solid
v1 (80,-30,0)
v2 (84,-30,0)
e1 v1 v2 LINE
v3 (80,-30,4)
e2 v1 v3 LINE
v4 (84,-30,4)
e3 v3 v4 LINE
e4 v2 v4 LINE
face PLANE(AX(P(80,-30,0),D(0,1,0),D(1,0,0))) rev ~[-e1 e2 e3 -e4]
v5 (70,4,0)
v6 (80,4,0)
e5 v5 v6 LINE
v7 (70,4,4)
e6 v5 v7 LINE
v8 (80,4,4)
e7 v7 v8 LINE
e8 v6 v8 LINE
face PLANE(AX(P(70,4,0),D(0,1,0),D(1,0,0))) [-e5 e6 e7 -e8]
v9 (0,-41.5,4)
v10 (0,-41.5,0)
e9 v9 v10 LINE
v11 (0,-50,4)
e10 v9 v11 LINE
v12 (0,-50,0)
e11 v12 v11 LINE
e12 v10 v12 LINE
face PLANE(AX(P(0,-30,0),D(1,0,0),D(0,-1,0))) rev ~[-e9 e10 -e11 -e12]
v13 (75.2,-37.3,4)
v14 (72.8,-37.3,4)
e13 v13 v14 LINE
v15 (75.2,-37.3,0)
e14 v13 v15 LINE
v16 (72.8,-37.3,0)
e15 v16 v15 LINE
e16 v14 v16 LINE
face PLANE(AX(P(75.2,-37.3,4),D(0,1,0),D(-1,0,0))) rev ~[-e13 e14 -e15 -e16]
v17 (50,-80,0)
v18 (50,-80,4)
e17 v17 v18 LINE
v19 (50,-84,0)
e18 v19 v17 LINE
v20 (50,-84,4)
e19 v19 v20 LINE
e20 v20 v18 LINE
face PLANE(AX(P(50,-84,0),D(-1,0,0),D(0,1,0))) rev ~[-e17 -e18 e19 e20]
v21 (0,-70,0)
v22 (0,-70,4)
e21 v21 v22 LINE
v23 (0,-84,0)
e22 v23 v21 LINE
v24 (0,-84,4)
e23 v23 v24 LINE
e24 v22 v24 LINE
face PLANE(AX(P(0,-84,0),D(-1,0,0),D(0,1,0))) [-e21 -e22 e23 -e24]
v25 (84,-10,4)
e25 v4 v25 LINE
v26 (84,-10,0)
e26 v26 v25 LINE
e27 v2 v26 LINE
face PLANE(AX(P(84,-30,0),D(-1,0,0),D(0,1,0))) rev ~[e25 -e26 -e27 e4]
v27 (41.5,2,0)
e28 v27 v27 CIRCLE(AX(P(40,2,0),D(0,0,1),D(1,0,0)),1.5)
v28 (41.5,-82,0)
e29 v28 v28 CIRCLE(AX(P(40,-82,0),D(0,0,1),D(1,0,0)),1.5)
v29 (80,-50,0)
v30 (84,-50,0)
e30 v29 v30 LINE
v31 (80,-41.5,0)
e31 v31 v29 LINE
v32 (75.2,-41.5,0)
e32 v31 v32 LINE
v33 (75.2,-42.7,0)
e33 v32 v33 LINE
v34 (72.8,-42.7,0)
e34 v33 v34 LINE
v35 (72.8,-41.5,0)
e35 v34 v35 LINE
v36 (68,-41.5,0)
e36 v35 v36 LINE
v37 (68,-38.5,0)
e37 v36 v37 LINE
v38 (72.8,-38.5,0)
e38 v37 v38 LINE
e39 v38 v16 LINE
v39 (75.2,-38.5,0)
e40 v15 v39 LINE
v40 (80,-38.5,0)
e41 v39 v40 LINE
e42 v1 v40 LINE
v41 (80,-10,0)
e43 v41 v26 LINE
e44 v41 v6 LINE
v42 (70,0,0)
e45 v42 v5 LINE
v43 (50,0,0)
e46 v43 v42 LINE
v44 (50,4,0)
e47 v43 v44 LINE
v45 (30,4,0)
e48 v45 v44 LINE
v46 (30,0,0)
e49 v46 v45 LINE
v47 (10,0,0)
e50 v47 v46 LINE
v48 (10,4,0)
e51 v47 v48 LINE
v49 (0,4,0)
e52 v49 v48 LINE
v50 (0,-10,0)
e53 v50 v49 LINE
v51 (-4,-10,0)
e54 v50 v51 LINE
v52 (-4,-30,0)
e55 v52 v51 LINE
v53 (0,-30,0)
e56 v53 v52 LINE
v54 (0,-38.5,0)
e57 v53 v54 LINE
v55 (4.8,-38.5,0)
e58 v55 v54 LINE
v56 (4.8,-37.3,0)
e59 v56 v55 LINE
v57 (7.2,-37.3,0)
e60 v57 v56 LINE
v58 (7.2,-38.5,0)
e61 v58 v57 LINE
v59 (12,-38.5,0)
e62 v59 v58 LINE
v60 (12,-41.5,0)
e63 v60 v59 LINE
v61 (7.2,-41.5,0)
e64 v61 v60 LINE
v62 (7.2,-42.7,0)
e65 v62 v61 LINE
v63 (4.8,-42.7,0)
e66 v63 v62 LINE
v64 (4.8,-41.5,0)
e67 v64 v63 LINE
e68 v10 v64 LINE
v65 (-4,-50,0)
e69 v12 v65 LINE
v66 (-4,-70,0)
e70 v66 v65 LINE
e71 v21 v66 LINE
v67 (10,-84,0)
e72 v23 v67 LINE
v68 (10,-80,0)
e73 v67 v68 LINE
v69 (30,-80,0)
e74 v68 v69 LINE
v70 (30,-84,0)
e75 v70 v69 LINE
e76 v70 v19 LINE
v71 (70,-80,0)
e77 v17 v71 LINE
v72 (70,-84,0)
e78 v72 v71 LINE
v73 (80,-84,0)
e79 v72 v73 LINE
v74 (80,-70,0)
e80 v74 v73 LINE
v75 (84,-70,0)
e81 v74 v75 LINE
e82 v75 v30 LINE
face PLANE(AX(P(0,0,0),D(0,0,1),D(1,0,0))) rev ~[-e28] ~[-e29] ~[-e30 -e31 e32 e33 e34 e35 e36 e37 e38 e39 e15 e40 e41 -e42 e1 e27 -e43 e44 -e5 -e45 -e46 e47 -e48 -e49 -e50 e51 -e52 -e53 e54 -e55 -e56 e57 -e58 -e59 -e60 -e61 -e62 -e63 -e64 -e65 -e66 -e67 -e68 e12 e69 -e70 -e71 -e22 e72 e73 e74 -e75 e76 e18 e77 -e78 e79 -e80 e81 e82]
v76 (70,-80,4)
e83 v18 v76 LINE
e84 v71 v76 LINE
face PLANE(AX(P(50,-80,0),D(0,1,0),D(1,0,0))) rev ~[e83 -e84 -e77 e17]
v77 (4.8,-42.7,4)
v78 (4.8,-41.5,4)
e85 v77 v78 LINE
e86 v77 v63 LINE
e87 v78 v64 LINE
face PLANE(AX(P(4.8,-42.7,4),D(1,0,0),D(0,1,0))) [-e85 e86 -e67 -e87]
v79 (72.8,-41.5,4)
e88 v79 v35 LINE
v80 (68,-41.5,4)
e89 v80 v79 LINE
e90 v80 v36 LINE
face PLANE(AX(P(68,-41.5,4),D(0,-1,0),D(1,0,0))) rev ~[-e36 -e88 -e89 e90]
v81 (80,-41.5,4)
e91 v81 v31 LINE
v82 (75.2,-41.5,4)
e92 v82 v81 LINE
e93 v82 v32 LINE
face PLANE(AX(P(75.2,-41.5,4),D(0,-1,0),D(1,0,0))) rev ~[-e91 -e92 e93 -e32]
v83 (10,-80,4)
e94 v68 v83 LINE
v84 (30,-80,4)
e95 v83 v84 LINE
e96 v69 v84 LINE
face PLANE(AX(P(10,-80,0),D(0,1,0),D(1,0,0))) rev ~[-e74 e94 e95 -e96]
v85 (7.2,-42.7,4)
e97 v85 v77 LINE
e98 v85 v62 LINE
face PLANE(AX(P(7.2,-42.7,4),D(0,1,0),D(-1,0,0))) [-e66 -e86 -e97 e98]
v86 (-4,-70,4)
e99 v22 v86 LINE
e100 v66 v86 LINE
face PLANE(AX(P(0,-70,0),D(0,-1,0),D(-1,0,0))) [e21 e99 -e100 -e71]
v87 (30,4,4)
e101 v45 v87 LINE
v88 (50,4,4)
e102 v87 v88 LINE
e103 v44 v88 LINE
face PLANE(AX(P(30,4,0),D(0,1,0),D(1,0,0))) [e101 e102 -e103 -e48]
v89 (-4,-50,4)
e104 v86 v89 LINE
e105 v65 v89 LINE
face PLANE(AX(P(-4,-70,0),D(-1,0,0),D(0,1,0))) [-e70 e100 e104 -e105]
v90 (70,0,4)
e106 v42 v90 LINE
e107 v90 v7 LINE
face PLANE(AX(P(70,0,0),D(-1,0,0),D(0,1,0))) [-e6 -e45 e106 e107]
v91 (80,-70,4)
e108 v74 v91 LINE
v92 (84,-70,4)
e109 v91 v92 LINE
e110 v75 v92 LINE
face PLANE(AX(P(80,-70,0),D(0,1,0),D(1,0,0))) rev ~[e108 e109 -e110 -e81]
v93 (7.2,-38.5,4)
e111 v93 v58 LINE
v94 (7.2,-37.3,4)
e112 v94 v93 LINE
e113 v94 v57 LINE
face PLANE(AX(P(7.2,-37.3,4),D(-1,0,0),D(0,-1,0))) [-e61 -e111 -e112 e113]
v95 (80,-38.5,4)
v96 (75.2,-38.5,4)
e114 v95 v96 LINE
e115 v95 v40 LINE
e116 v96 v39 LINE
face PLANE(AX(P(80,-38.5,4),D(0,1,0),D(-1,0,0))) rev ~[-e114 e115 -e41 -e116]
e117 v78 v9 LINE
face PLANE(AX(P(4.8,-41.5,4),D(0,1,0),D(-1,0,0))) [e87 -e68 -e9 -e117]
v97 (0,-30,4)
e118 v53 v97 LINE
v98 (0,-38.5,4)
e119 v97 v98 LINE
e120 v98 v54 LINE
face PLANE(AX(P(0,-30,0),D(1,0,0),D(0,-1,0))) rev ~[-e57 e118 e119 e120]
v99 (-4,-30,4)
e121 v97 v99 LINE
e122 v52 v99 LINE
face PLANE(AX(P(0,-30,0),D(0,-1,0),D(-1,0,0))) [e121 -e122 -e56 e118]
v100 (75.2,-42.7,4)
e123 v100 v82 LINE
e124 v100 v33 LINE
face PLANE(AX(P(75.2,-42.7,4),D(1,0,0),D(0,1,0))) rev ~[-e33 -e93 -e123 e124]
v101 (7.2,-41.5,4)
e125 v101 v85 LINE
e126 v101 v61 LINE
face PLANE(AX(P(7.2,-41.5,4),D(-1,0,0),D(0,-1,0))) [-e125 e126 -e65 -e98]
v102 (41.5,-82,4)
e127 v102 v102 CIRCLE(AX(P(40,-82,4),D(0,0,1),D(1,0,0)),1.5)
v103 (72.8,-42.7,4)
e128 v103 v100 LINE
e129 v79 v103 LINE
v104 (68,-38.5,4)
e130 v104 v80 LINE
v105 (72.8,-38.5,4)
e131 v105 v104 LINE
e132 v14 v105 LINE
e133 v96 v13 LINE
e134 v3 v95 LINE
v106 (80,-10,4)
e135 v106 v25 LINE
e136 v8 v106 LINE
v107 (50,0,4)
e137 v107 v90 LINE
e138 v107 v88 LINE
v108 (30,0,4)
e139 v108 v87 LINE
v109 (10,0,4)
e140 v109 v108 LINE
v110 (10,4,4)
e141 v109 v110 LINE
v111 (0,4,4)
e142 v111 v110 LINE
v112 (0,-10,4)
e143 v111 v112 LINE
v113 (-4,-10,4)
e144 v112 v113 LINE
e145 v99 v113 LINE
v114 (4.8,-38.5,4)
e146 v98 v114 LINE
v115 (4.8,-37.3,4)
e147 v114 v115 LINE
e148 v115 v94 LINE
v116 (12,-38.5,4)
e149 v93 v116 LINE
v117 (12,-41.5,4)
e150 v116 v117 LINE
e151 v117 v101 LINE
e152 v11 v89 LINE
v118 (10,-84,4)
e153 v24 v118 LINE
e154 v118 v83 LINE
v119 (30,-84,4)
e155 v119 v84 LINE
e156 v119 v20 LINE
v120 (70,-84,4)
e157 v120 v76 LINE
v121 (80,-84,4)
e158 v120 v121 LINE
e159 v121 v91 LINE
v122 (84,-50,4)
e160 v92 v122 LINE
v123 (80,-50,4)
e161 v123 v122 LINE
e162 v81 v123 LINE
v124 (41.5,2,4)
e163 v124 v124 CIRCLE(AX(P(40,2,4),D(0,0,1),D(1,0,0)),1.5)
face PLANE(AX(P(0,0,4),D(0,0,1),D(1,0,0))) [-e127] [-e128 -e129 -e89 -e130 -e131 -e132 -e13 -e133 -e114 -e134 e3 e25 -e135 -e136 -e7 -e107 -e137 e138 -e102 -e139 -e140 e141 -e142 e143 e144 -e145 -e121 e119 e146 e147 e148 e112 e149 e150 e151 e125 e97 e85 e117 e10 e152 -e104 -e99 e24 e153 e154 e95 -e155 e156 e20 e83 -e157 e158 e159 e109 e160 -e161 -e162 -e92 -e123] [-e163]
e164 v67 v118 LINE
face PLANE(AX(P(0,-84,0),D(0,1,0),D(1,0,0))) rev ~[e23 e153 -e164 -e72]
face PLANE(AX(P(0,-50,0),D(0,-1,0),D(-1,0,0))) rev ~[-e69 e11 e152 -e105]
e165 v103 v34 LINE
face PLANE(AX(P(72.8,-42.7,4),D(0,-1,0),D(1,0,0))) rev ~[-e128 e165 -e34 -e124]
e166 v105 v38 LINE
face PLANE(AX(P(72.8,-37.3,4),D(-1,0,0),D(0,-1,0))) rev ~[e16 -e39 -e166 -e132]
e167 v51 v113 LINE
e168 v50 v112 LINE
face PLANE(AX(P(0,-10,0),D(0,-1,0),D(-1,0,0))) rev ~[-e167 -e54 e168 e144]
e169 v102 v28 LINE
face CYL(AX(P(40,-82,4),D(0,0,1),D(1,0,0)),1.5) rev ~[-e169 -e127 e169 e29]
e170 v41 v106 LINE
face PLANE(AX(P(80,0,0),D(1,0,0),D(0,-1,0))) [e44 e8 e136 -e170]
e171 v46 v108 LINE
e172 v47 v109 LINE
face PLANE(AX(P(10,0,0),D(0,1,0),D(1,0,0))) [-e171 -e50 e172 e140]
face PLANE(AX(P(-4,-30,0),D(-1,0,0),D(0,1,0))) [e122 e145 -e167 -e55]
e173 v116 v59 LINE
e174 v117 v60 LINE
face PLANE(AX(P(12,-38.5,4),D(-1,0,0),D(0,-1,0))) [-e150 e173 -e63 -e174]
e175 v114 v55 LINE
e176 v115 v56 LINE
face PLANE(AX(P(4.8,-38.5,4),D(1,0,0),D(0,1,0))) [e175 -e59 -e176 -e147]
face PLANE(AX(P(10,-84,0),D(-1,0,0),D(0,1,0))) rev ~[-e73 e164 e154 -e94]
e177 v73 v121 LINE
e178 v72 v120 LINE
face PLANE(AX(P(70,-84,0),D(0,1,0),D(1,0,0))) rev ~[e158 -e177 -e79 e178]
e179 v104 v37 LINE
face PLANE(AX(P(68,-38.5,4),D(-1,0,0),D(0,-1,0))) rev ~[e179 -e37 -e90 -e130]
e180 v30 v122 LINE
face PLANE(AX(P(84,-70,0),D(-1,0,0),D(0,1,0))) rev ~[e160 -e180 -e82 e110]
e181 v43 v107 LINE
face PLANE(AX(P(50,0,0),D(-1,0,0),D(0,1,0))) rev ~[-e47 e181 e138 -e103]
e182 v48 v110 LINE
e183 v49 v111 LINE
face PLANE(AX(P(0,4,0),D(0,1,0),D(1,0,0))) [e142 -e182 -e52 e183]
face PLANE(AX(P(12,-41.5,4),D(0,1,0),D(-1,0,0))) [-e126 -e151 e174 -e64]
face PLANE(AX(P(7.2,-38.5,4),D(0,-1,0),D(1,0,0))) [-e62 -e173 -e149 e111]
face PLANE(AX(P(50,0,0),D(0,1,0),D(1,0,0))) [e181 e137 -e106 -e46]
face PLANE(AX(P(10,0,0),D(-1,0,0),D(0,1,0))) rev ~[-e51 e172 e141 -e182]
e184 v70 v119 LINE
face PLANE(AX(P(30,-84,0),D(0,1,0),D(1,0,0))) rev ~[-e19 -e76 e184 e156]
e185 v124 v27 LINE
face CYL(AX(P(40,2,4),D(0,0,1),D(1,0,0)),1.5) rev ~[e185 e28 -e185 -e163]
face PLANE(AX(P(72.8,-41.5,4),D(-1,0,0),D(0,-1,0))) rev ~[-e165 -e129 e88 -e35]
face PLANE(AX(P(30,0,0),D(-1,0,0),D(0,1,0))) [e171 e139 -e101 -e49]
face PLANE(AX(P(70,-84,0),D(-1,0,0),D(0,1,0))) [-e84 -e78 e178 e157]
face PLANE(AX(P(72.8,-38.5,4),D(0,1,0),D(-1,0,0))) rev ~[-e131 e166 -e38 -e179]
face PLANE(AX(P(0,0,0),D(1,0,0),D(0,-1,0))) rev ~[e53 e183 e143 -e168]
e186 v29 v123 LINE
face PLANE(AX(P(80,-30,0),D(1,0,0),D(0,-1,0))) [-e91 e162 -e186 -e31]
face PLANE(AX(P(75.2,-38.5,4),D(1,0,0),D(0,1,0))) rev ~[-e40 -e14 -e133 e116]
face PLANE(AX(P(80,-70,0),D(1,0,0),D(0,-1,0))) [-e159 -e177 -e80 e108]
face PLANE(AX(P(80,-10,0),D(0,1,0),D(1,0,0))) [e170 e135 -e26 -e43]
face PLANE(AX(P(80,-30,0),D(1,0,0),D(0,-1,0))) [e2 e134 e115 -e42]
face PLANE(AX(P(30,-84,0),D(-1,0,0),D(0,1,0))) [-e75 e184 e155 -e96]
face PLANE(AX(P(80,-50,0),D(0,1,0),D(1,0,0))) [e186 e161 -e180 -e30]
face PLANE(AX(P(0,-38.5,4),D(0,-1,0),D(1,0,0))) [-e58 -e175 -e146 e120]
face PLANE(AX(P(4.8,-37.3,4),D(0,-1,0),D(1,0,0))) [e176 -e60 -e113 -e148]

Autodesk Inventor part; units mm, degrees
ref_plane "YZ Plane" through (0, 0, 0) normal (1, 0, 0) x (0, 1, 0)
ref_plane "XZ Plane" through (0, 0, 0) normal (0, 1, 0) x (-1, 0, 0)
ref_plane "XY Plane" through (0, 0, 0) normal (0, 0, 1) x (1, 0, 0)
sketch "Sketch1" plane through (0, 0, 0) normal (0, 0, 1) x (1, 0, 0)
  line L0 (70, 0) -> (80, 0) construction
  line L1 (80, 0) -> (80, 4) projected
  line L2 (70, 4) -> (80, 4) projected
  line L3 (70, 0) -> (70, 4) projected
  line L4 (50, 0) -> (70, 0) projected
  line L5 (30, 0) -> (50, 0) construction
  line L6 (50, 0) -> (50, 4) projected
  line L7 (30, 4) -> (50, 4) projected
  line L8 (30, 0) -> (30, 4) projected
  line L9 (10, 0) -> (30, 0) construction
  line L10 (0, -30) -> (0, -10) construction
  line L11 (0, -10) -> (-4, -10) projected
  line L12 (-4, -30) -> (-4, -10) projected
  line L13 (0, -30) -> (-4, -30) projected
  line L14 (0, -70) -> (0, -50) construction
  line L15 (0, -50) -> (-4, -50) projected
  line L16 (-4, -70) -> (-4, -50) projected
  line L17 (0, -70) -> (-4, -70) projected
  line L18 (0, -84) -> (10, -84) projected
  line L19 (10, -84) -> (10, -80) projected
  line L20 (0, -80) -> (10, -80) construction
  line L21 (0, -84) -> (0, -80) projected
  line L22 (10, -80) -> (30, -80) projected
  line L23 (30, -84) -> (50, -84) projected
  line L24 (50, -84) -> (50, -80) projected
  line L25 (30, -80) -> (50, -80) construction
  line L26 (30, -84) -> (30, -80) projected
  line L27 (50, -80) -> (70, -80) projected
  line L28 (70, -84) -> (80, -84) projected
  line L29 (80, -84) -> (80, -80) projected
  line L30 (70, -80) -> (80, -80) construction
  line L31 (70, -84) -> (70, -80) projected
  line L32 (0, 0) -> (0, -10)
  line L33 (0, 0) -> (10, 0) construction
  line L34 (10, 0) -> (10, 4) projected
  line L35 (0, 4) -> (10, 4) projected
  line L36 (0, 0) -> (0, 4) projected
  line L37 (0, -30) -> (0, -50)
  line L38 (0, -70) -> (0, -80)
  line L39 (0, 0) -> (80, -80) construction
  line L40 (40, -40) -> (40, 0) construction
  line L41 (80, -10) -> (84, -10)
  line L42 (84, -30) -> (84, -10)
  line L43 (80, -30) -> (84, -30)
  line L44 (80, -50) -> (84, -50)
  line L45 (84, -70) -> (84, -50)
  line L46 (80, -70) -> (84, -70)
  line L47 (80, 0) -> (80, -10)
  line L48 (80, -30) -> (80, -50)
  line L49 (80, -70) -> (80, -80)
  line L50 (0, -10) -> (-4, -10)
  line L51 (-4, -10) -> (-4, -30)
  line L52 (-4, -30) -> (0, -30)
  line L53 (0, -50) -> (-4, -50)
  line L54 (-4, -50) -> (-4, -70)
  line L55 (0, -70) -> (-4, -70)
  line L56 (0, -80) -> (0, -84)
  line L57 (0, -84) -> (10, -84)
  line L58 (10, -84) -> (10, -80)
  line L59 (10, -80) -> (30, -80)
  line L60 (30, -80) -> (30, -84)
  line L61 (50, -84) -> (30, -84)
  line L62 (50, -80) -> (50, -84)
  line L63 (50, -80) -> (70, -80)
  line L64 (70, -84) -> (70, -80)
  line L65 (70, -84) -> (80, -84)
  line L66 (80, -84) -> (80, -80)
  line L67 (80, 0) -> (80, 4)
  line L68 (0, 0) -> (0, 4)
  line L69 (10, 4) -> (0, 4)
  line L70 (10, 4) -> (10, 0)
  line L71 (10, 0) -> (30, 0)
  line L72 (30, 4) -> (30, 0)
  line L73 (30, 4) -> (50, 4)
  line L74 (50, 0) -> (50, 4)
  line L75 (50, 0) -> (70, 0)
  line L76 (70, 0) -> (70, 4)
  line L77 (70, 4) -> (80, 4)
extrude "Extrusion1" add sketch "Sketch1" along normal blind 4
sketch "Sketch2" plane through (0, 0, 4) normal (0, 0, 1) x (1, 0, 0)
  line L0 (0, -10) -> (-4, -10) construction
  line L1 (-4, -10) -> (-4, -30) construction
  line L2 (-4, -30) -> (0, -30) construction
  line L3 (0, -30) -> (0, -50) construction
  line L4 (0, -50) -> (-4, -50) construction
  line L5 (-4, -50) -> (-4, -70) construction
  line L6 (-4, -70) -> (0, -70) construction
  line L7 (0, -70) -> (0, -84) construction
  line L8 (0, -84) -> (10, -84) construction
  line L9 (10, -84) -> (10, -80) construction
  line L10 (10, -80) -> (30, -80) construction
  line L11 (30, -80) -> (30, -84) construction
  line L12 (30, -84) -> (50, -84) construction
  line L13 (50, -84) -> (50, -80) construction
  line L14 (50, -80) -> (70, -80) construction
  line L15 (70, -80) -> (70, -84) construction
  line L16 (70, -84) -> (80, -84) construction
  line L17 (80, -84) -> (80, -70) construction
  line L18 (80, -70) -> (84, -70) construction
  line L19 (84, -70) -> (84, -50) construction
  line L20 (84, -50) -> (80, -50) construction
  line L21 (80, -50) -> (80, -30) construction
  line L22 (80, -30) -> (84, -30) construction
  line L23 (84, -30) -> (84, -10) construction
  line L24 (84, -10) -> (80, -10) construction
  line L25 (80, -10) -> (80, 4) construction
  line L26 (80, 4) -> (70, 4) construction
  line L27 (70, 4) -> (70, 0) construction
  line L28 (70, 0) -> (50, 0) construction
  line L29 (50, 0) -> (50, 4) construction
  line L30 (50, 4) -> (30, 4) construction
  line L31 (30, 4) -> (30, 0) construction
  line L32 (30, 0) -> (10, 0) construction
  line L33 (10, 0) -> (10, 4) construction
  line L34 (10, 4) -> (0, 4) construction
  line L35 (0, 4) -> (0, -10) construction
  circle A0 centre (40, 2) radius 1.5
  circle A1 centre (40, -82) radius 1.5
  line L36 (0, -38.5) -> (12, -38.5)
  line L37 (12, -38.5) -> (12, -41.5)
  line L38 (12, -41.5) -> (0, -41.5)
  line L39 (0, -41.5) -> (0, -38.5)
  line L40 (80, -38.5) -> (68, -38.5)
  line L41 (68, -38.5) -> (68, -41.5)
  line L42 (68, -41.5) -> (80, -41.5)
  line L43 (80, -41.5) -> (80, -38.5)
  line L44 (72.8, -42.7) -> (75.2, -42.7)
  line L45 (75.2, -42.7) -> (75.2, -37.3)
  line L46 (75.2, -37.3) -> (72.8, -37.3)
  line L47 (72.8, -37.3) -> (72.8, -42.7)
  line L48 (7.2, -42.7) -> (4.8, -42.7)
  line L49 (4.8, -42.7) -> (4.8, -37.3)
  line L50 (4.8, -37.3) -> (7.2, -37.3)
  line L51 (7.2, -37.3) -> (7.2, -42.7)
  line L52 (50, 0) -> (50, 4) construction
  line L53 (30, 0) -> (50, 4) construction
  line L54 (30, -84) -> (50, -80) construction
  point P0 (0, 0)
  point P1 (74, -37.3)
  point P2 (74, -38.5)
  point P3 (6, -37.3)
  point P4 (6, -38.5)
  point P5 (68, -40)
  point P6 (12, -40)
  point P7 (72.8, -40)
  point P8 (80, -40)
  point P9 (7.2, -38.5)
  point P10 (7.2, -41.5)
  point P11 (72.8, -38.5)
  point P12 (72.8, -41.5)
  point P13 (4.8, -41.5)
  point P14 (4.8, -38.5)
  point P15 (75.2, -38.5)
  point P16 (75.2, -41.5)
  dimension "d2" = 3
  dimension "d3" = 2.4
  dimension "d4" = 5.4
  dimension "d5" = 3
  dimension "d6" = 12
extrude "Extrusion2" cut sketch "Sketch2" against normal up to next
properties part number "Car_Rear" material "MDF Medium Density Fiberboard"
